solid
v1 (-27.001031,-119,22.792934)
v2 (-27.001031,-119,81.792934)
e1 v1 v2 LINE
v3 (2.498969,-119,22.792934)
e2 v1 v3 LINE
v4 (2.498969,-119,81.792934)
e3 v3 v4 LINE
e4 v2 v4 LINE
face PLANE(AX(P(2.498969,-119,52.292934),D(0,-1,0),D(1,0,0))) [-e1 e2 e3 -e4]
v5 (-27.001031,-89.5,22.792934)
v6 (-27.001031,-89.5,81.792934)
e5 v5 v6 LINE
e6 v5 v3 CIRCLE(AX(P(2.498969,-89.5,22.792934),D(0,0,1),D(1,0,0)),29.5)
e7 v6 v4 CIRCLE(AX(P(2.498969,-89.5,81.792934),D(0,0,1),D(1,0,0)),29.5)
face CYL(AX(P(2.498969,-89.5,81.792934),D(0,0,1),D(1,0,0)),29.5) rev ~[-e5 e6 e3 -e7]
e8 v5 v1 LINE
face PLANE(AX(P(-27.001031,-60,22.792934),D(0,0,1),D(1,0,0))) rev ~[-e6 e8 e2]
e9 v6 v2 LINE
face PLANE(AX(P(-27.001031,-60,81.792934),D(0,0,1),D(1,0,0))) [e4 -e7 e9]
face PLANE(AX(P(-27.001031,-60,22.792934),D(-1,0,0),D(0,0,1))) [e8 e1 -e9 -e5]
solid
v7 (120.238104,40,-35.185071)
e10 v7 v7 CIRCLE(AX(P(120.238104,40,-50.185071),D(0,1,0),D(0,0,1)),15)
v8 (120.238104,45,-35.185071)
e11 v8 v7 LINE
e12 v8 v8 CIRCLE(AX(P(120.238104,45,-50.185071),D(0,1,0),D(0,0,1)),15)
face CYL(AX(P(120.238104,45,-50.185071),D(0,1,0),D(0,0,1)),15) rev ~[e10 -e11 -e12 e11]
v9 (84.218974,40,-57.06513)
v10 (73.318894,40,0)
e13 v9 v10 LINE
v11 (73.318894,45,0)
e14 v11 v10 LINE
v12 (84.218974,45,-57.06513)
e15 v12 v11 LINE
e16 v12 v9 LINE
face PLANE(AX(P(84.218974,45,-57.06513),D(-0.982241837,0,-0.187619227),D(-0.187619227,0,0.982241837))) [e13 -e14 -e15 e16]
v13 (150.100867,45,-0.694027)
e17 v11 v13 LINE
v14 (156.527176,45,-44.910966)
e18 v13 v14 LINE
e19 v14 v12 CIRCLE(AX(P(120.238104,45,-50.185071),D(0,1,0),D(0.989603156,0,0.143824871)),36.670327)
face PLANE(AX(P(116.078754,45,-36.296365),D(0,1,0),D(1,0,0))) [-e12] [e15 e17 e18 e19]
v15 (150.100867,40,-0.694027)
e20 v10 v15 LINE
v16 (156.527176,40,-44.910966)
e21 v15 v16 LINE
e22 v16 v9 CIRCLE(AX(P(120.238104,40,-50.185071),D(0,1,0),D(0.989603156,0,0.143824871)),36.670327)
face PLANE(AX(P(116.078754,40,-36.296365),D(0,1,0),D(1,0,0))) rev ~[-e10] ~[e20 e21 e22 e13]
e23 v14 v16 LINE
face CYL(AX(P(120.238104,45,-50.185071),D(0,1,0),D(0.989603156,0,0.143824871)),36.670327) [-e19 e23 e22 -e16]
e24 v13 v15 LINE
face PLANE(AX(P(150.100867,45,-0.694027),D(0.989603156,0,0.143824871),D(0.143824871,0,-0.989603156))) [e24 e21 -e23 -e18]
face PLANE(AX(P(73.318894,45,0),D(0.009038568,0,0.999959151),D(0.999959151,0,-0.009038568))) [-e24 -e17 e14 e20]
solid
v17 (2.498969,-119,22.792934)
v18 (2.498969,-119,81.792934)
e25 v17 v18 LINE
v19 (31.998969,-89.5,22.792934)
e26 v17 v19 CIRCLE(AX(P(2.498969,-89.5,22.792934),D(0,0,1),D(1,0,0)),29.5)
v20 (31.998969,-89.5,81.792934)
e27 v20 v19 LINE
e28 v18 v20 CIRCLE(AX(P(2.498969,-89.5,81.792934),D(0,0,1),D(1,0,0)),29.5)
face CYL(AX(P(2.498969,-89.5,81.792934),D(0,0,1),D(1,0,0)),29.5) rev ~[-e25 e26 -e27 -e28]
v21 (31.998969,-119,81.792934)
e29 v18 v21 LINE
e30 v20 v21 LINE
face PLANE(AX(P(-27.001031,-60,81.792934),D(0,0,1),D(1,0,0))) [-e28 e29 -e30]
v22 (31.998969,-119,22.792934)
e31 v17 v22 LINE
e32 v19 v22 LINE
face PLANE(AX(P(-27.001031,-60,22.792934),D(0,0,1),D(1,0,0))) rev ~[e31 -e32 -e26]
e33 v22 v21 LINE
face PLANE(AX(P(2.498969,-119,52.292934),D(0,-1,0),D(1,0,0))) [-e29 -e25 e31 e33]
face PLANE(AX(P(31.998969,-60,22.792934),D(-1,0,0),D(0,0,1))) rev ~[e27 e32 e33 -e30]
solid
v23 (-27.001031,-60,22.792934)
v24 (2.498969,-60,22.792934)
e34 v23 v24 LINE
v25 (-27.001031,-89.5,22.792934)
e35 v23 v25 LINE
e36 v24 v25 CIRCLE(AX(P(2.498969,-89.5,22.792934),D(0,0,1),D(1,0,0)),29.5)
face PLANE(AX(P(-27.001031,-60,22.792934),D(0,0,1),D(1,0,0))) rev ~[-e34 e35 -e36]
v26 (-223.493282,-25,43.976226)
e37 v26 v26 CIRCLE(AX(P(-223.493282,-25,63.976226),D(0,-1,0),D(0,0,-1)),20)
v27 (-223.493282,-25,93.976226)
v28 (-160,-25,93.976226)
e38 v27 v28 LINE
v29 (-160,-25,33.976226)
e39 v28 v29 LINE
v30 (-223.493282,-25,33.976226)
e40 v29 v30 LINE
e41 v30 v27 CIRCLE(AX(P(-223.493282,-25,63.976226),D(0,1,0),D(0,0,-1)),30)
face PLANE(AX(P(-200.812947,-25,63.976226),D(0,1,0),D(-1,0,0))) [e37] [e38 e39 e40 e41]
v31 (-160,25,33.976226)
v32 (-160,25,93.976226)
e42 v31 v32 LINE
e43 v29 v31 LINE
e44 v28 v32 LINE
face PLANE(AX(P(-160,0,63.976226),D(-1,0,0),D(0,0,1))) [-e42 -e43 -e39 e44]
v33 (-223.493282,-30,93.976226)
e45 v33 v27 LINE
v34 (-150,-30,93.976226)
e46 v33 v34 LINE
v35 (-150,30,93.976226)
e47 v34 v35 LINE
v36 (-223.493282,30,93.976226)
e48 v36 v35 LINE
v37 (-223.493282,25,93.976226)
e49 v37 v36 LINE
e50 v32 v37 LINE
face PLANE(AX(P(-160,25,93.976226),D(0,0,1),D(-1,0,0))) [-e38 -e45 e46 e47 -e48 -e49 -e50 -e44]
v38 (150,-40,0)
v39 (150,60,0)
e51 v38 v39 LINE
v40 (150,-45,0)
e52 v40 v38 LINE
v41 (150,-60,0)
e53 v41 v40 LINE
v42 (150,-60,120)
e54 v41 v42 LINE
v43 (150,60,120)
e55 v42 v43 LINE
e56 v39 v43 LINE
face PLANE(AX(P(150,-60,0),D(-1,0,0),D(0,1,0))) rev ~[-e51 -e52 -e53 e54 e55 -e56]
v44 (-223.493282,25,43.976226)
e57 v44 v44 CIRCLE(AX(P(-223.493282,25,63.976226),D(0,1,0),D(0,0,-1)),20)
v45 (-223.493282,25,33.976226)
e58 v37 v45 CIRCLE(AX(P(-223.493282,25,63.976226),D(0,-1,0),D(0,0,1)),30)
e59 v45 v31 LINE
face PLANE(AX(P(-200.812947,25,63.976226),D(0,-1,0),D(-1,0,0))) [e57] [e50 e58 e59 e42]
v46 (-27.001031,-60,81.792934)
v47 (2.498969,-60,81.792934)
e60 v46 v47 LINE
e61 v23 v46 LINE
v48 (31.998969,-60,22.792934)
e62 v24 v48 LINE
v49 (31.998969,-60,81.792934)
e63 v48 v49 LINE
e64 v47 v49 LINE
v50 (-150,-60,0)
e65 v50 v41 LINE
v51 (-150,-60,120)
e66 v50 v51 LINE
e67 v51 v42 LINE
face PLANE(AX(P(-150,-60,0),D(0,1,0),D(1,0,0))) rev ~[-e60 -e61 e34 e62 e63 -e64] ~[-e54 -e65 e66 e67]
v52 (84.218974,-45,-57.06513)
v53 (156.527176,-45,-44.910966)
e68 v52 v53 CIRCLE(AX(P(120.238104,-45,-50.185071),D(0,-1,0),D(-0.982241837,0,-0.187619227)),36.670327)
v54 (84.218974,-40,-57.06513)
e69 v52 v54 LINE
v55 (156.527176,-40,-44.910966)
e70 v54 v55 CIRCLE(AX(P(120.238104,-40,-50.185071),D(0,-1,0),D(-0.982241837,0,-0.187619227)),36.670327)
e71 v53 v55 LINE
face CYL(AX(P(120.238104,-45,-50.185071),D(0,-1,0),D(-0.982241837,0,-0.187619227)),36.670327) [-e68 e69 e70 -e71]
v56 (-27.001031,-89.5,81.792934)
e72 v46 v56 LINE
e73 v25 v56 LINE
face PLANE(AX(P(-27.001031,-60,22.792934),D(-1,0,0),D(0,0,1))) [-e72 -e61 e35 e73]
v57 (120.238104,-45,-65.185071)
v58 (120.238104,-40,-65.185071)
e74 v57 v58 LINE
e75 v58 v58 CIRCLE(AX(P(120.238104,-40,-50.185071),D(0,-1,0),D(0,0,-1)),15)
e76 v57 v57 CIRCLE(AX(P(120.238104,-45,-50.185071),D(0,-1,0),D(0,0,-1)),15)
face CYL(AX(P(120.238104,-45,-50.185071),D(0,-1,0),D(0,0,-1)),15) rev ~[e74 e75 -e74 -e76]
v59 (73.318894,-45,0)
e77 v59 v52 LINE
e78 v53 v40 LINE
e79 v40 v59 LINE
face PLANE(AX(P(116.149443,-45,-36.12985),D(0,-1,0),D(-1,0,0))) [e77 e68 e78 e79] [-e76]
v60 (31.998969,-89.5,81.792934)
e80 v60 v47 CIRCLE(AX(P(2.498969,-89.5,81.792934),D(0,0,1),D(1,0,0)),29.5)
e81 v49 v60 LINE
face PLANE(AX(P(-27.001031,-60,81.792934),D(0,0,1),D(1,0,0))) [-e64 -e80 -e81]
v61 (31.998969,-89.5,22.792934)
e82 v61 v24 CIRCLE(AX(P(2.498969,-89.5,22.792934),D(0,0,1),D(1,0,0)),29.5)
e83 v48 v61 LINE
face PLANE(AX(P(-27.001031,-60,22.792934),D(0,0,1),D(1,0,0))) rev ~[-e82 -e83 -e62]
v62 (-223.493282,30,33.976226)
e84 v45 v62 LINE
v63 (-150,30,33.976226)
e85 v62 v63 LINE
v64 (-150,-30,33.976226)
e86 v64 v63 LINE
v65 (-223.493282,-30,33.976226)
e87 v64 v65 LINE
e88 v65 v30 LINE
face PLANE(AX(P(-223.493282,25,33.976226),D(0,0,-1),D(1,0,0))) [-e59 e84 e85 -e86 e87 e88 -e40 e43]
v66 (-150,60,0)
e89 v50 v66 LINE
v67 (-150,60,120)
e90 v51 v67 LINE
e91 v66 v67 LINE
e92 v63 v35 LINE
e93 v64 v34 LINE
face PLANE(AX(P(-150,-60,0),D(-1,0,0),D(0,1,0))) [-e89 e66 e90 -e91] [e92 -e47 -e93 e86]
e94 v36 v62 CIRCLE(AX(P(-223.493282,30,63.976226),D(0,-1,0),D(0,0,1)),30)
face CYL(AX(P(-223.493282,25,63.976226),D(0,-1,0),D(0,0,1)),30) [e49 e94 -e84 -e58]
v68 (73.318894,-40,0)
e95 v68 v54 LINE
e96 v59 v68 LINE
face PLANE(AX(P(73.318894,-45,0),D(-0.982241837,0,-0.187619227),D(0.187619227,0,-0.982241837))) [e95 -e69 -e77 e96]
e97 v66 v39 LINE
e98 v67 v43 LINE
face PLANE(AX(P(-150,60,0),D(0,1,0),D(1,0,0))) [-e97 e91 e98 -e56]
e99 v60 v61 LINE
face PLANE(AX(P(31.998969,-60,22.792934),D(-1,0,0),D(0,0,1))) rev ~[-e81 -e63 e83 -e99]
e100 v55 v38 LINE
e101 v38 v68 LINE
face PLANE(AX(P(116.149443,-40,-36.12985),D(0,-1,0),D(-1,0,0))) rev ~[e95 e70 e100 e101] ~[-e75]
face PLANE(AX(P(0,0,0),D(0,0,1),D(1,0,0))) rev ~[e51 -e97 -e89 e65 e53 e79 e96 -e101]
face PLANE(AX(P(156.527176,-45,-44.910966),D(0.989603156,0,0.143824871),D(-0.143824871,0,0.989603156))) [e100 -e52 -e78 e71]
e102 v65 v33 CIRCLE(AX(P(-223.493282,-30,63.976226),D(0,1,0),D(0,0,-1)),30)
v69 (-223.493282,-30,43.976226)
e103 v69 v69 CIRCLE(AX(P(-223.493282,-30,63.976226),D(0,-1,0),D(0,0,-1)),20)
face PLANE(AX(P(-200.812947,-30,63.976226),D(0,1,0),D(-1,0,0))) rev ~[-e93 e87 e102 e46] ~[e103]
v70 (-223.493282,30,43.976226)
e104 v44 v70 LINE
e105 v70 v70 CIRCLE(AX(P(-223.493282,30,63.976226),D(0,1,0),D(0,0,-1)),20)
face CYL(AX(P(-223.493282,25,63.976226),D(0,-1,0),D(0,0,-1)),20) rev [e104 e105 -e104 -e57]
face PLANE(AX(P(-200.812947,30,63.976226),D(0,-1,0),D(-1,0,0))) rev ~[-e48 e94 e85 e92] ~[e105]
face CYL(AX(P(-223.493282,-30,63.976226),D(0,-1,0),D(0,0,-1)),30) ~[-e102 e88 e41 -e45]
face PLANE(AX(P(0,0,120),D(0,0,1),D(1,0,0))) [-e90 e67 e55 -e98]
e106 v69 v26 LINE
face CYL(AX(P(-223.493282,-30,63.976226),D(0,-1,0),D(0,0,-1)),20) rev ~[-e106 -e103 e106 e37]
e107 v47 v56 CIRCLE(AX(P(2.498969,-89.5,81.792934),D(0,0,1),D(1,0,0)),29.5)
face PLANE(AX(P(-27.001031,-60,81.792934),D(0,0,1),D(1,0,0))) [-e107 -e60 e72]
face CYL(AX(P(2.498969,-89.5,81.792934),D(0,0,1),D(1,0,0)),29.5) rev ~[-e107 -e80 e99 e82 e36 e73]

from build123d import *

# Parameters (mm, degrees)
SKETCH_1_W          = 300
SKETCH_1_H          = 120
EXTRUDE_1_DEPTH     = 120
SKETCH_4_R          = 15
EXTRUDE_2_DEPTH     = 5
SKETCH_8_R          = 15
EXTRUDE_3_DEPTH     = 5
SKETCH_9_W          = 60
SKETCH_9_H          = 60
EXTRUDE_4_DEPTH     = 10
SKETCH_10_R         = 20
EXTRUDE_6_DEPTH     = 5
EXTRUDE_START       = -5
SKETCH_11_R         = 20
EXTRUDE_7_DEPTH     = 5
SKETCH_12_W         = 59
SKETCH_12_H         = 59
EXTRUDE_8_DEPTH     = 59
SKETCH_13_R         = 29.5
CUT_EXTRUDE_2_DEPTH = 59


with BuildPart() as part:
    # 草图1 → 凸台-拉伸1 (new body)
    with BuildSketch(Plane.XY):
        Rectangle(SKETCH_1_W, SKETCH_1_H)
    extrude(amount=EXTRUDE_1_DEPTH)

    # 草图4 → 凸台-拉伸2 (add)
    with BuildSketch(Plane(origin=(0, -45, 0), x_dir=(-1, 0, 0), z_dir=(0, -1, 0))):
        with BuildLine():
            Line((-156.527175932, 44.910966087), (-150, 0))
            Line((-150, 0), (-73.31889354, 0))
            Line((-73.31889354, 0), (-84.21897449, 57.065129679))
            ThreePointArc((-84.21897449, 57.065129679), (-126.316684667, 86.348087805), (-156.527175932, 44.910966087))
        make_face()
        with Locations(Location((-120.238104214, 50.185071192, 0), (0, 0, 90))):
            Circle(SKETCH_4_R, mode=Mode.SUBTRACT)
    extrude(amount=-EXTRUDE_2_DEPTH)

    # 草图9 → 凸台-拉伸4 (add)
    with BuildSketch(Plane.ZY.offset(150)):
        with Locations((63.976226304, 0)):
            Rectangle(SKETCH_9_W, SKETCH_9_H)
    extrude(amount=EXTRUDE_4_DEPTH)

    # 草图10 → 凸台-拉伸6 (add)
    with BuildSketch(Plane.XZ.offset(30)):
        with BuildLine():
            ThreePointArc((-223.493282039, 33.976226304), (-253.493282039, 63.976226304), (-223.493282039, 93.976226304))
            Line((-223.493282039, 93.976226304), (-160, 93.976226304))
            Line((-160, 93.976226304), (-160, 33.976226304))
            Line((-160, 33.976226304), (-223.493282039, 33.976226304))
        make_face()
        with Locations(Location((-223.493282039, 63.976226304, 0), (0, 0, 270))):
            Circle(SKETCH_10_R, mode=Mode.SUBTRACT)
    extrude(amount=-EXTRUDE_6_DEPTH)

    # 草图11 → 凸台-拉伸7 (add)
    with BuildSketch(Plane(origin=(0, 30, 0), x_dir=(1, 0, 0), z_dir=(0, 1, 0)).offset(EXTRUDE_START)):
        with BuildLine():
            Line((-223.493282039, -33.976226304), (-160, -33.976226304))
            Line((-160, -33.976226304), (-160, -93.976226304))
            Line((-160, -93.976226304), (-223.493282039, -93.976226304))
            ThreePointArc((-223.493282039, -93.976226304), (-253.493282039, -63.976226304), (-223.493282039, -33.976226304))
        make_face()
        with Locations(Location((-223.493282039, -63.976226304, 0), (0, 0, 90))):
            Circle(SKETCH_11_R, mode=Mode.SUBTRACT)
    extrude(amount=EXTRUDE_7_DEPTH)

    # 草图12 → 凸台-拉伸8 (add)
    with BuildSketch(Plane.XZ.offset(60)):
        with Locations((2.49896869, 52.292933775)):
            Rectangle(SKETCH_12_W, SKETCH_12_H)
    extrude(amount=EXTRUDE_8_DEPTH)

    # 草图13 → 切除-拉伸2 (cut)
    with BuildSketch(Plane.XY.offset(81.792933775)):
        with Locations((2.49896869, -89.5)):
            Circle(SKETCH_13_R)
    extrude(amount=-CUT_EXTRUDE_2_DEPTH, mode=Mode.SUBTRACT)


with BuildPart() as body_2:
    # 草图8 → 凸台-拉伸3 (new body)
    with BuildSketch(Plane(origin=(0, 45, 0), x_dir=(1, 0, 0), z_dir=(0, 1, 0))):
        with BuildLine():
            Line((84.21897449, 57.065129679), (73.31889354, 0))
            Line((73.31889354, 0), (150.100867109, 0.694027454))
            Line((150.100867109, 0.694027454), (156.527175932, 44.910966087))
            ThreePointArc((156.527175932, 44.910966087), (126.316684667, 86.348087805), (84.21897449, 57.065129679))
        make_face()
        with Locations(Location((120.238104214, 50.185071192, 0), (0, 0, 270))):
            Circle(SKETCH_8_R, mode=Mode.SUBTRACT)
    extrude(amount=-EXTRUDE_3_DEPTH)


with BuildPart() as cut_extrude_2_piece_1:
    # of the separate pieces the step leaves, piece 1, a body of its own (cut_extrude_2_pieces)
    add(part.part.solids().sort_by_distance((-150, -60, 0))[0])


with BuildPart() as cut_extrude_2_piece_2:
    # of the separate pieces the step leaves, piece 2, a body of its own (cut_extrude_2_pieces)
    add(part.part.solids().sort_by_distance((-27.00103131, -119, 22.792933775))[0])


with BuildPart() as cut_extrude_2_piece_3:
    # of the separate pieces the step leaves, piece 3, a body of its own (cut_extrude_2_pieces)
    add(part.part.solids().sort_by_distance((31.99896869, -119, 81.792933775))[0])


solid = Compound([body_2.part, cut_extrude_2_piece_1.part, cut_extrude_2_piece_2.part, cut_extrude_2_piece_3.part])
